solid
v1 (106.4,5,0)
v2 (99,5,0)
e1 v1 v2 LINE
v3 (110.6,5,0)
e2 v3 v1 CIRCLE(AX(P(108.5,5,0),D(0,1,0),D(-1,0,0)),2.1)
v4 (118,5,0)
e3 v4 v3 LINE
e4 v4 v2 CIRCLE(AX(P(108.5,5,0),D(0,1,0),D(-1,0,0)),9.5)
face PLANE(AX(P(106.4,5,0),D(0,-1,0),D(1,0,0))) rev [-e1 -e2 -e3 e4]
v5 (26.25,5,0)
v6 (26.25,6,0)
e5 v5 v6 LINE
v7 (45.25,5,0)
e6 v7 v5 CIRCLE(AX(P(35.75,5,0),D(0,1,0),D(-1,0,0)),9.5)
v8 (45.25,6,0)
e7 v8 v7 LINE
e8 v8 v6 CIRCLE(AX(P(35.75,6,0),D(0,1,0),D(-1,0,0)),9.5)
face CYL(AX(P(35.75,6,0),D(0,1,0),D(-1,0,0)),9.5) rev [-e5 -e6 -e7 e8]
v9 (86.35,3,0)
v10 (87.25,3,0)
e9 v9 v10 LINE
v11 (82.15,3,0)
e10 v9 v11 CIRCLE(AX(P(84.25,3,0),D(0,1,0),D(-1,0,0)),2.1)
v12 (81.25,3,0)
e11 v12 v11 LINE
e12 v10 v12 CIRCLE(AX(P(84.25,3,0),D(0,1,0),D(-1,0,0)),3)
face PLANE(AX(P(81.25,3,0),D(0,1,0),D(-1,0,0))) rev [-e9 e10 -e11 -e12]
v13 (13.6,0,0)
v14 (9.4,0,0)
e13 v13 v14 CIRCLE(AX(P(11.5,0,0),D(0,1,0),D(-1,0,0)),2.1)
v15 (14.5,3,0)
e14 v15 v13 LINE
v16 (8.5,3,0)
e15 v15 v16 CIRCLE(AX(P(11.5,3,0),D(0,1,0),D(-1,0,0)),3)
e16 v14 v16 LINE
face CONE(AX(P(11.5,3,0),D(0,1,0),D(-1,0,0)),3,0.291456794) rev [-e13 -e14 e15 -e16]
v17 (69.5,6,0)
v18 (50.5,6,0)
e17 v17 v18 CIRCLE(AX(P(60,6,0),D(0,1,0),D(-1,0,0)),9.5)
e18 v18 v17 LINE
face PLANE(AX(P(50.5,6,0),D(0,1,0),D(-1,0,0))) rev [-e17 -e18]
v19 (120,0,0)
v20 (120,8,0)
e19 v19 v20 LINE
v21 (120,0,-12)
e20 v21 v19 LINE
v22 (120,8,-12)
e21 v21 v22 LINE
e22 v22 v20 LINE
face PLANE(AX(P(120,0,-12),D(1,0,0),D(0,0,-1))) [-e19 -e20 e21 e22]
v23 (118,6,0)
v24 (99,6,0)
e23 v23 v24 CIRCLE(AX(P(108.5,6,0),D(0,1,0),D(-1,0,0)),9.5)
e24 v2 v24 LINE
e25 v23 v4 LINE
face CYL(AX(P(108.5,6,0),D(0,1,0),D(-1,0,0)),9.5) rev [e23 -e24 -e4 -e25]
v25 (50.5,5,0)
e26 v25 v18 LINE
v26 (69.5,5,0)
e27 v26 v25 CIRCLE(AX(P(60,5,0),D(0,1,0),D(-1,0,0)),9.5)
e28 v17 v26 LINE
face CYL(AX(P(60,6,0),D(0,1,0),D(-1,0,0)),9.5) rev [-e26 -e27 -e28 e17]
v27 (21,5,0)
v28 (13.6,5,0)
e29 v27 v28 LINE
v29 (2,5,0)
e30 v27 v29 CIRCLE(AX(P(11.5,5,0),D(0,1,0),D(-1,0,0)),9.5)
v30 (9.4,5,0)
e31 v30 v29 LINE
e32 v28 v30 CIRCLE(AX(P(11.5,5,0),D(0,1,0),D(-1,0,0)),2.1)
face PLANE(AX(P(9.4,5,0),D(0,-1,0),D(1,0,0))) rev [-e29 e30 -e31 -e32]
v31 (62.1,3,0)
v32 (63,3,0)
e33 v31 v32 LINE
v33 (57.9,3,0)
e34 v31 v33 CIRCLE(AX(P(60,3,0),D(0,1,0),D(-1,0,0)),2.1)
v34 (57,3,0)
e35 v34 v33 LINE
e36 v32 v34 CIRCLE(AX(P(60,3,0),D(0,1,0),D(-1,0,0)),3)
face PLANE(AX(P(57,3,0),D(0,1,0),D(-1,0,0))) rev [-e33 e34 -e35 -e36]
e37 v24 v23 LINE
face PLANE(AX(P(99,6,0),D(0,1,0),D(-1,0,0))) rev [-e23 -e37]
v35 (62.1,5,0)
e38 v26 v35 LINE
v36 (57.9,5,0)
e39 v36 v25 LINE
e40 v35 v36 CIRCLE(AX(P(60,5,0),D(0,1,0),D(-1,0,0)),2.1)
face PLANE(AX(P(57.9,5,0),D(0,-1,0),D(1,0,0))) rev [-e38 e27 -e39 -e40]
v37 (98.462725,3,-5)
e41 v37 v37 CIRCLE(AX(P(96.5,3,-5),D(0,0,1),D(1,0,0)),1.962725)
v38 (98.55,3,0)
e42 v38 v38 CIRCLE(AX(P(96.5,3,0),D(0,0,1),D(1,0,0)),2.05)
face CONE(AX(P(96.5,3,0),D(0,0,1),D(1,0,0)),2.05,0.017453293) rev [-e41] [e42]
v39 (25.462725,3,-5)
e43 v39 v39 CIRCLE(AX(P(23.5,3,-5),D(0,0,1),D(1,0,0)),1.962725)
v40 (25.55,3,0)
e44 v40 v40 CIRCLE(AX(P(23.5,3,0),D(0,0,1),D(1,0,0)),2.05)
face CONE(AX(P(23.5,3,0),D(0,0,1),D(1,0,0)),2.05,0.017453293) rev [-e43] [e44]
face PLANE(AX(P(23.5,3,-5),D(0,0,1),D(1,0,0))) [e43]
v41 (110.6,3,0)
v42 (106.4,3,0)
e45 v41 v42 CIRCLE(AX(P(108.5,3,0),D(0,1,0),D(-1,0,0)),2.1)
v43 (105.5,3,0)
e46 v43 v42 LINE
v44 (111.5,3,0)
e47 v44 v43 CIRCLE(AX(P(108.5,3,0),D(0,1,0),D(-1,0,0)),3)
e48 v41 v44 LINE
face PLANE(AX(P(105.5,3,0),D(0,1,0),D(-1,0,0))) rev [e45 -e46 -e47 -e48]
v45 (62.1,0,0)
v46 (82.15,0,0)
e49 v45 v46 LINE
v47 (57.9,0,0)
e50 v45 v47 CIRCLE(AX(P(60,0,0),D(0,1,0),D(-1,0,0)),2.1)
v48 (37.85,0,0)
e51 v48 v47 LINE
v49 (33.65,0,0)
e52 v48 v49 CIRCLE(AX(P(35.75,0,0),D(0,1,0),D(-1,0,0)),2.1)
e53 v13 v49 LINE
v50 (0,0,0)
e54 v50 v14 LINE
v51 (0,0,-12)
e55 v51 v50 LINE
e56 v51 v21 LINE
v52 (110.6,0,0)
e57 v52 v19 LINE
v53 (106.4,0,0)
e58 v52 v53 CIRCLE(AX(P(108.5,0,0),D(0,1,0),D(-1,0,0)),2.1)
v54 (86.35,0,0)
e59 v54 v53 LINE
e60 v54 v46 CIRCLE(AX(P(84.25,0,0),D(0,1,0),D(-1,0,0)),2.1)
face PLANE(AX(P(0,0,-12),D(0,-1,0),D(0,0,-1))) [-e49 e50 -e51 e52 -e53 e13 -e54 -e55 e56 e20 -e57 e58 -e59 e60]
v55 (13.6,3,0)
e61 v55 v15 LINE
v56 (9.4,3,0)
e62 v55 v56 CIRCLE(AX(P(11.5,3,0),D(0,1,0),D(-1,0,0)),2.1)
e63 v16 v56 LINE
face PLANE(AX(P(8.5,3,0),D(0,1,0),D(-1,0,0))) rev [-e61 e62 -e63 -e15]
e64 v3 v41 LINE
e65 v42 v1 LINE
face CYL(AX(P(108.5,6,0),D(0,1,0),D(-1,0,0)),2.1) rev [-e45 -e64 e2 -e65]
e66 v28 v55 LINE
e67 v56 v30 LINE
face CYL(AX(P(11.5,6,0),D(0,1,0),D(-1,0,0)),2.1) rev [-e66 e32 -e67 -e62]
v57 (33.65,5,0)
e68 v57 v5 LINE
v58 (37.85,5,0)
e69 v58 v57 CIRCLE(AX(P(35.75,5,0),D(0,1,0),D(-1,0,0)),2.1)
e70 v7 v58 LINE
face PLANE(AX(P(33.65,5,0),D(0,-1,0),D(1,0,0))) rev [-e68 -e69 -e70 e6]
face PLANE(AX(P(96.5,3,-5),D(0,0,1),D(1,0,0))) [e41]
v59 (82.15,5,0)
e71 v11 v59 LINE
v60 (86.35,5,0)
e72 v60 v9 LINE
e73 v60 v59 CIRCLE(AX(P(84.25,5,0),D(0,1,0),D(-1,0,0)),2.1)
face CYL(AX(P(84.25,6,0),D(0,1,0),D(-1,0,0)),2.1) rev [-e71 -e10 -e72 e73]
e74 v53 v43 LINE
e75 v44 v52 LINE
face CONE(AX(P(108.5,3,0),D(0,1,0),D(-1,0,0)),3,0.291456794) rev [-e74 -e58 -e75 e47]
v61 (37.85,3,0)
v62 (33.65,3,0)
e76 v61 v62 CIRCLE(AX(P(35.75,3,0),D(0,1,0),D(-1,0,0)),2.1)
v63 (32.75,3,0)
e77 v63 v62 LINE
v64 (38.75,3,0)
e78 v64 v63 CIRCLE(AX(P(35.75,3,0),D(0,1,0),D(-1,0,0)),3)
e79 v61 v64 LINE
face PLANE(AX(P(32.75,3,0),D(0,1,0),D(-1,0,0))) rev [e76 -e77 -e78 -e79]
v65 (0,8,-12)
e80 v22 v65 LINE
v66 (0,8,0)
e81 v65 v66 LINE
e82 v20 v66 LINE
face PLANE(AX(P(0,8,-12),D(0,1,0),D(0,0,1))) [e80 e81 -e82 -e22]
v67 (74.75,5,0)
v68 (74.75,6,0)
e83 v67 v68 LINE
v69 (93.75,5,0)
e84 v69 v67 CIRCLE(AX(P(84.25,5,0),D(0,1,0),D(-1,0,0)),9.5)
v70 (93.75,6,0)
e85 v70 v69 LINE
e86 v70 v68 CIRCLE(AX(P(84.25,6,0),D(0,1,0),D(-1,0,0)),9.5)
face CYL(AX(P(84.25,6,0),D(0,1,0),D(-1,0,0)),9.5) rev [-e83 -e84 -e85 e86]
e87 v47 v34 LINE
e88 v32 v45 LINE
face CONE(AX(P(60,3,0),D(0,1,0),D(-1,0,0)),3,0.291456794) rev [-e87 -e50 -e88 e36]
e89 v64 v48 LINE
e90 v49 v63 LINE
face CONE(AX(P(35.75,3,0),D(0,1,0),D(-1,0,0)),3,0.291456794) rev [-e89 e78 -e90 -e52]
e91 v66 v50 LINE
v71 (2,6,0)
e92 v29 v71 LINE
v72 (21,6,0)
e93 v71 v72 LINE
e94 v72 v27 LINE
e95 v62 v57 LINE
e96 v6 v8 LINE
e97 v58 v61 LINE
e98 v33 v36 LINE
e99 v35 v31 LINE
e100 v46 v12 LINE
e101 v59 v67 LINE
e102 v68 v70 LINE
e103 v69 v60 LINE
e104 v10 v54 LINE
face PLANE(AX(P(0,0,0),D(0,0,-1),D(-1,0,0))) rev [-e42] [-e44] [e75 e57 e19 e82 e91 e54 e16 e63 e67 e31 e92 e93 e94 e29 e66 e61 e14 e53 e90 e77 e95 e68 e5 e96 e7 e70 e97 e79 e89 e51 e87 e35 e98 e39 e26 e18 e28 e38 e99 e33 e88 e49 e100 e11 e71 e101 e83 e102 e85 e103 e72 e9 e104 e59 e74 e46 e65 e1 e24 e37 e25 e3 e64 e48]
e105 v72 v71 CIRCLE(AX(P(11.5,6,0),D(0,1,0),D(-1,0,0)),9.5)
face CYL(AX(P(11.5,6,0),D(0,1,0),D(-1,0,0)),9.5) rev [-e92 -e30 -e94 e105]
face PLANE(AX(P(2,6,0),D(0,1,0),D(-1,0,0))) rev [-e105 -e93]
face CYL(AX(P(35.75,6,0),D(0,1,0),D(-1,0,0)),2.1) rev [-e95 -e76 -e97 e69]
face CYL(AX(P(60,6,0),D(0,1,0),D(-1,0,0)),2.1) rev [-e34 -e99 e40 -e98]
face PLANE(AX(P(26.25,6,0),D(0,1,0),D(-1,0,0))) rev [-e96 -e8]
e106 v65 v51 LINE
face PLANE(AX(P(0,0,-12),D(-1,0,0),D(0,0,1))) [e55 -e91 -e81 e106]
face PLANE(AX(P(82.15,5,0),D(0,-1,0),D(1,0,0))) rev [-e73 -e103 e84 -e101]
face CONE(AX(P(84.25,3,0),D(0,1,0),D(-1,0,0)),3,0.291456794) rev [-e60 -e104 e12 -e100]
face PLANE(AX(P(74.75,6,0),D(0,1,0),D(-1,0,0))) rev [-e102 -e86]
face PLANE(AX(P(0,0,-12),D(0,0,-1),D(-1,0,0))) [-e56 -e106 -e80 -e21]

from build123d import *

# Parameters (mm, degrees)
SKETCH2_W                    = 120
SKETCH2_H                    = 8
BOSS_EXTRUDE1_DEPTH          = 12
LPATTERN1_COUNT              = 5
LPATTERN1_PITCH              = 24.25
SKETCH4_R                    = 2.05
CUT_EXTRUDE1_DEPTH           = 5
CUT_EXTRUDE1_DRAFT           = -1
CUT_EXTRUDE1_PROFILE_2_DEPTH = 5
CUT_EXTRUDE1_PROFILE_2_DRAFT = -1


with BuildPart() as part:
    # Sketch2 → Boss-Extrude1 (new body)
    with BuildSketch(Plane.XY):
        with Locations((60, 4)):
            Rectangle(SKETCH2_W, SKETCH2_H)
    extrude(amount=-BOSS_EXTRUDE1_DEPTH)

    # Sketch3 → Cut-Revolve1 (revolve, cut)
    with BuildSketch(Plane.XY):
        Polygon((8.5, 3), (9.4, 3), (9.4, 5), (2, 5), (2, 6), (11.5, 6), (11.5, 0), (9.4, 0), align=None)
    cut_revolve1 = revolve(axis=Axis((11.5, 6, 0), (0, -1, 0)), mode=Mode.SUBTRACT)

    # LPattern1: Cut-Revolve1 ×5
    with Locations(*[(i * LPATTERN1_PITCH, 0, 0) for i in range(1, LPATTERN1_COUNT)]):
        add(cut_revolve1, mode=Mode.SUBTRACT)


with BuildPart() as cut_extrude1_tool:
    # Sketch4 → Cut-Extrude1 (with draft: the straight prism first)
    with BuildSketch(Plane.XY):
        with Locations((23.5, 3)):
            Circle(SKETCH4_R)
    extrude(amount=-CUT_EXTRUDE1_DEPTH)
    # Cut-Extrude1: the draft: its side faces are tilted about the plane it starts from
    cut_extrude1_sides = [cut_extrude1_tool.faces().sort_by_distance(p)[0] for p in [
        (21.45, 3, -2.5),
    ]]
    draft(cut_extrude1_sides, Plane.XY, CUT_EXTRUDE1_DRAFT)


with BuildPart() as part_1:
    add(part.part)

    # Cut-Extrude1: cut by cut_extrude1_tool
    add(cut_extrude1_tool.part, mode=Mode.SUBTRACT)


with BuildPart() as cut_extrude1_profile_2_tool:
    # Sketch4 → Cut-Extrude1 profile 2 (with draft: the straight prism first)
    with BuildSketch(Plane.XY):
        with Locations((96.5, 3)):
            Circle(SKETCH4_R)
    extrude(amount=-CUT_EXTRUDE1_PROFILE_2_DEPTH)
    # Cut-Extrude1 profile 2: the draft: its side faces are tilted about the plane it starts from
    cut_extrude1_profile_2_sides = [cut_extrude1_profile_2_tool.faces().sort_by_distance(p)[0] for p in [
        (94.45, 3, -2.5),
    ]]
    draft(cut_extrude1_profile_2_sides, Plane.XY, CUT_EXTRUDE1_PROFILE_2_DRAFT)


with BuildPart() as part_2:
    add(part_1.part)

    # Cut-Extrude1 profile 2: cut by cut_extrude1_profile_2_tool
    add(cut_extrude1_profile_2_tool.part, mode=Mode.SUBTRACT)


solid = part_2.part
